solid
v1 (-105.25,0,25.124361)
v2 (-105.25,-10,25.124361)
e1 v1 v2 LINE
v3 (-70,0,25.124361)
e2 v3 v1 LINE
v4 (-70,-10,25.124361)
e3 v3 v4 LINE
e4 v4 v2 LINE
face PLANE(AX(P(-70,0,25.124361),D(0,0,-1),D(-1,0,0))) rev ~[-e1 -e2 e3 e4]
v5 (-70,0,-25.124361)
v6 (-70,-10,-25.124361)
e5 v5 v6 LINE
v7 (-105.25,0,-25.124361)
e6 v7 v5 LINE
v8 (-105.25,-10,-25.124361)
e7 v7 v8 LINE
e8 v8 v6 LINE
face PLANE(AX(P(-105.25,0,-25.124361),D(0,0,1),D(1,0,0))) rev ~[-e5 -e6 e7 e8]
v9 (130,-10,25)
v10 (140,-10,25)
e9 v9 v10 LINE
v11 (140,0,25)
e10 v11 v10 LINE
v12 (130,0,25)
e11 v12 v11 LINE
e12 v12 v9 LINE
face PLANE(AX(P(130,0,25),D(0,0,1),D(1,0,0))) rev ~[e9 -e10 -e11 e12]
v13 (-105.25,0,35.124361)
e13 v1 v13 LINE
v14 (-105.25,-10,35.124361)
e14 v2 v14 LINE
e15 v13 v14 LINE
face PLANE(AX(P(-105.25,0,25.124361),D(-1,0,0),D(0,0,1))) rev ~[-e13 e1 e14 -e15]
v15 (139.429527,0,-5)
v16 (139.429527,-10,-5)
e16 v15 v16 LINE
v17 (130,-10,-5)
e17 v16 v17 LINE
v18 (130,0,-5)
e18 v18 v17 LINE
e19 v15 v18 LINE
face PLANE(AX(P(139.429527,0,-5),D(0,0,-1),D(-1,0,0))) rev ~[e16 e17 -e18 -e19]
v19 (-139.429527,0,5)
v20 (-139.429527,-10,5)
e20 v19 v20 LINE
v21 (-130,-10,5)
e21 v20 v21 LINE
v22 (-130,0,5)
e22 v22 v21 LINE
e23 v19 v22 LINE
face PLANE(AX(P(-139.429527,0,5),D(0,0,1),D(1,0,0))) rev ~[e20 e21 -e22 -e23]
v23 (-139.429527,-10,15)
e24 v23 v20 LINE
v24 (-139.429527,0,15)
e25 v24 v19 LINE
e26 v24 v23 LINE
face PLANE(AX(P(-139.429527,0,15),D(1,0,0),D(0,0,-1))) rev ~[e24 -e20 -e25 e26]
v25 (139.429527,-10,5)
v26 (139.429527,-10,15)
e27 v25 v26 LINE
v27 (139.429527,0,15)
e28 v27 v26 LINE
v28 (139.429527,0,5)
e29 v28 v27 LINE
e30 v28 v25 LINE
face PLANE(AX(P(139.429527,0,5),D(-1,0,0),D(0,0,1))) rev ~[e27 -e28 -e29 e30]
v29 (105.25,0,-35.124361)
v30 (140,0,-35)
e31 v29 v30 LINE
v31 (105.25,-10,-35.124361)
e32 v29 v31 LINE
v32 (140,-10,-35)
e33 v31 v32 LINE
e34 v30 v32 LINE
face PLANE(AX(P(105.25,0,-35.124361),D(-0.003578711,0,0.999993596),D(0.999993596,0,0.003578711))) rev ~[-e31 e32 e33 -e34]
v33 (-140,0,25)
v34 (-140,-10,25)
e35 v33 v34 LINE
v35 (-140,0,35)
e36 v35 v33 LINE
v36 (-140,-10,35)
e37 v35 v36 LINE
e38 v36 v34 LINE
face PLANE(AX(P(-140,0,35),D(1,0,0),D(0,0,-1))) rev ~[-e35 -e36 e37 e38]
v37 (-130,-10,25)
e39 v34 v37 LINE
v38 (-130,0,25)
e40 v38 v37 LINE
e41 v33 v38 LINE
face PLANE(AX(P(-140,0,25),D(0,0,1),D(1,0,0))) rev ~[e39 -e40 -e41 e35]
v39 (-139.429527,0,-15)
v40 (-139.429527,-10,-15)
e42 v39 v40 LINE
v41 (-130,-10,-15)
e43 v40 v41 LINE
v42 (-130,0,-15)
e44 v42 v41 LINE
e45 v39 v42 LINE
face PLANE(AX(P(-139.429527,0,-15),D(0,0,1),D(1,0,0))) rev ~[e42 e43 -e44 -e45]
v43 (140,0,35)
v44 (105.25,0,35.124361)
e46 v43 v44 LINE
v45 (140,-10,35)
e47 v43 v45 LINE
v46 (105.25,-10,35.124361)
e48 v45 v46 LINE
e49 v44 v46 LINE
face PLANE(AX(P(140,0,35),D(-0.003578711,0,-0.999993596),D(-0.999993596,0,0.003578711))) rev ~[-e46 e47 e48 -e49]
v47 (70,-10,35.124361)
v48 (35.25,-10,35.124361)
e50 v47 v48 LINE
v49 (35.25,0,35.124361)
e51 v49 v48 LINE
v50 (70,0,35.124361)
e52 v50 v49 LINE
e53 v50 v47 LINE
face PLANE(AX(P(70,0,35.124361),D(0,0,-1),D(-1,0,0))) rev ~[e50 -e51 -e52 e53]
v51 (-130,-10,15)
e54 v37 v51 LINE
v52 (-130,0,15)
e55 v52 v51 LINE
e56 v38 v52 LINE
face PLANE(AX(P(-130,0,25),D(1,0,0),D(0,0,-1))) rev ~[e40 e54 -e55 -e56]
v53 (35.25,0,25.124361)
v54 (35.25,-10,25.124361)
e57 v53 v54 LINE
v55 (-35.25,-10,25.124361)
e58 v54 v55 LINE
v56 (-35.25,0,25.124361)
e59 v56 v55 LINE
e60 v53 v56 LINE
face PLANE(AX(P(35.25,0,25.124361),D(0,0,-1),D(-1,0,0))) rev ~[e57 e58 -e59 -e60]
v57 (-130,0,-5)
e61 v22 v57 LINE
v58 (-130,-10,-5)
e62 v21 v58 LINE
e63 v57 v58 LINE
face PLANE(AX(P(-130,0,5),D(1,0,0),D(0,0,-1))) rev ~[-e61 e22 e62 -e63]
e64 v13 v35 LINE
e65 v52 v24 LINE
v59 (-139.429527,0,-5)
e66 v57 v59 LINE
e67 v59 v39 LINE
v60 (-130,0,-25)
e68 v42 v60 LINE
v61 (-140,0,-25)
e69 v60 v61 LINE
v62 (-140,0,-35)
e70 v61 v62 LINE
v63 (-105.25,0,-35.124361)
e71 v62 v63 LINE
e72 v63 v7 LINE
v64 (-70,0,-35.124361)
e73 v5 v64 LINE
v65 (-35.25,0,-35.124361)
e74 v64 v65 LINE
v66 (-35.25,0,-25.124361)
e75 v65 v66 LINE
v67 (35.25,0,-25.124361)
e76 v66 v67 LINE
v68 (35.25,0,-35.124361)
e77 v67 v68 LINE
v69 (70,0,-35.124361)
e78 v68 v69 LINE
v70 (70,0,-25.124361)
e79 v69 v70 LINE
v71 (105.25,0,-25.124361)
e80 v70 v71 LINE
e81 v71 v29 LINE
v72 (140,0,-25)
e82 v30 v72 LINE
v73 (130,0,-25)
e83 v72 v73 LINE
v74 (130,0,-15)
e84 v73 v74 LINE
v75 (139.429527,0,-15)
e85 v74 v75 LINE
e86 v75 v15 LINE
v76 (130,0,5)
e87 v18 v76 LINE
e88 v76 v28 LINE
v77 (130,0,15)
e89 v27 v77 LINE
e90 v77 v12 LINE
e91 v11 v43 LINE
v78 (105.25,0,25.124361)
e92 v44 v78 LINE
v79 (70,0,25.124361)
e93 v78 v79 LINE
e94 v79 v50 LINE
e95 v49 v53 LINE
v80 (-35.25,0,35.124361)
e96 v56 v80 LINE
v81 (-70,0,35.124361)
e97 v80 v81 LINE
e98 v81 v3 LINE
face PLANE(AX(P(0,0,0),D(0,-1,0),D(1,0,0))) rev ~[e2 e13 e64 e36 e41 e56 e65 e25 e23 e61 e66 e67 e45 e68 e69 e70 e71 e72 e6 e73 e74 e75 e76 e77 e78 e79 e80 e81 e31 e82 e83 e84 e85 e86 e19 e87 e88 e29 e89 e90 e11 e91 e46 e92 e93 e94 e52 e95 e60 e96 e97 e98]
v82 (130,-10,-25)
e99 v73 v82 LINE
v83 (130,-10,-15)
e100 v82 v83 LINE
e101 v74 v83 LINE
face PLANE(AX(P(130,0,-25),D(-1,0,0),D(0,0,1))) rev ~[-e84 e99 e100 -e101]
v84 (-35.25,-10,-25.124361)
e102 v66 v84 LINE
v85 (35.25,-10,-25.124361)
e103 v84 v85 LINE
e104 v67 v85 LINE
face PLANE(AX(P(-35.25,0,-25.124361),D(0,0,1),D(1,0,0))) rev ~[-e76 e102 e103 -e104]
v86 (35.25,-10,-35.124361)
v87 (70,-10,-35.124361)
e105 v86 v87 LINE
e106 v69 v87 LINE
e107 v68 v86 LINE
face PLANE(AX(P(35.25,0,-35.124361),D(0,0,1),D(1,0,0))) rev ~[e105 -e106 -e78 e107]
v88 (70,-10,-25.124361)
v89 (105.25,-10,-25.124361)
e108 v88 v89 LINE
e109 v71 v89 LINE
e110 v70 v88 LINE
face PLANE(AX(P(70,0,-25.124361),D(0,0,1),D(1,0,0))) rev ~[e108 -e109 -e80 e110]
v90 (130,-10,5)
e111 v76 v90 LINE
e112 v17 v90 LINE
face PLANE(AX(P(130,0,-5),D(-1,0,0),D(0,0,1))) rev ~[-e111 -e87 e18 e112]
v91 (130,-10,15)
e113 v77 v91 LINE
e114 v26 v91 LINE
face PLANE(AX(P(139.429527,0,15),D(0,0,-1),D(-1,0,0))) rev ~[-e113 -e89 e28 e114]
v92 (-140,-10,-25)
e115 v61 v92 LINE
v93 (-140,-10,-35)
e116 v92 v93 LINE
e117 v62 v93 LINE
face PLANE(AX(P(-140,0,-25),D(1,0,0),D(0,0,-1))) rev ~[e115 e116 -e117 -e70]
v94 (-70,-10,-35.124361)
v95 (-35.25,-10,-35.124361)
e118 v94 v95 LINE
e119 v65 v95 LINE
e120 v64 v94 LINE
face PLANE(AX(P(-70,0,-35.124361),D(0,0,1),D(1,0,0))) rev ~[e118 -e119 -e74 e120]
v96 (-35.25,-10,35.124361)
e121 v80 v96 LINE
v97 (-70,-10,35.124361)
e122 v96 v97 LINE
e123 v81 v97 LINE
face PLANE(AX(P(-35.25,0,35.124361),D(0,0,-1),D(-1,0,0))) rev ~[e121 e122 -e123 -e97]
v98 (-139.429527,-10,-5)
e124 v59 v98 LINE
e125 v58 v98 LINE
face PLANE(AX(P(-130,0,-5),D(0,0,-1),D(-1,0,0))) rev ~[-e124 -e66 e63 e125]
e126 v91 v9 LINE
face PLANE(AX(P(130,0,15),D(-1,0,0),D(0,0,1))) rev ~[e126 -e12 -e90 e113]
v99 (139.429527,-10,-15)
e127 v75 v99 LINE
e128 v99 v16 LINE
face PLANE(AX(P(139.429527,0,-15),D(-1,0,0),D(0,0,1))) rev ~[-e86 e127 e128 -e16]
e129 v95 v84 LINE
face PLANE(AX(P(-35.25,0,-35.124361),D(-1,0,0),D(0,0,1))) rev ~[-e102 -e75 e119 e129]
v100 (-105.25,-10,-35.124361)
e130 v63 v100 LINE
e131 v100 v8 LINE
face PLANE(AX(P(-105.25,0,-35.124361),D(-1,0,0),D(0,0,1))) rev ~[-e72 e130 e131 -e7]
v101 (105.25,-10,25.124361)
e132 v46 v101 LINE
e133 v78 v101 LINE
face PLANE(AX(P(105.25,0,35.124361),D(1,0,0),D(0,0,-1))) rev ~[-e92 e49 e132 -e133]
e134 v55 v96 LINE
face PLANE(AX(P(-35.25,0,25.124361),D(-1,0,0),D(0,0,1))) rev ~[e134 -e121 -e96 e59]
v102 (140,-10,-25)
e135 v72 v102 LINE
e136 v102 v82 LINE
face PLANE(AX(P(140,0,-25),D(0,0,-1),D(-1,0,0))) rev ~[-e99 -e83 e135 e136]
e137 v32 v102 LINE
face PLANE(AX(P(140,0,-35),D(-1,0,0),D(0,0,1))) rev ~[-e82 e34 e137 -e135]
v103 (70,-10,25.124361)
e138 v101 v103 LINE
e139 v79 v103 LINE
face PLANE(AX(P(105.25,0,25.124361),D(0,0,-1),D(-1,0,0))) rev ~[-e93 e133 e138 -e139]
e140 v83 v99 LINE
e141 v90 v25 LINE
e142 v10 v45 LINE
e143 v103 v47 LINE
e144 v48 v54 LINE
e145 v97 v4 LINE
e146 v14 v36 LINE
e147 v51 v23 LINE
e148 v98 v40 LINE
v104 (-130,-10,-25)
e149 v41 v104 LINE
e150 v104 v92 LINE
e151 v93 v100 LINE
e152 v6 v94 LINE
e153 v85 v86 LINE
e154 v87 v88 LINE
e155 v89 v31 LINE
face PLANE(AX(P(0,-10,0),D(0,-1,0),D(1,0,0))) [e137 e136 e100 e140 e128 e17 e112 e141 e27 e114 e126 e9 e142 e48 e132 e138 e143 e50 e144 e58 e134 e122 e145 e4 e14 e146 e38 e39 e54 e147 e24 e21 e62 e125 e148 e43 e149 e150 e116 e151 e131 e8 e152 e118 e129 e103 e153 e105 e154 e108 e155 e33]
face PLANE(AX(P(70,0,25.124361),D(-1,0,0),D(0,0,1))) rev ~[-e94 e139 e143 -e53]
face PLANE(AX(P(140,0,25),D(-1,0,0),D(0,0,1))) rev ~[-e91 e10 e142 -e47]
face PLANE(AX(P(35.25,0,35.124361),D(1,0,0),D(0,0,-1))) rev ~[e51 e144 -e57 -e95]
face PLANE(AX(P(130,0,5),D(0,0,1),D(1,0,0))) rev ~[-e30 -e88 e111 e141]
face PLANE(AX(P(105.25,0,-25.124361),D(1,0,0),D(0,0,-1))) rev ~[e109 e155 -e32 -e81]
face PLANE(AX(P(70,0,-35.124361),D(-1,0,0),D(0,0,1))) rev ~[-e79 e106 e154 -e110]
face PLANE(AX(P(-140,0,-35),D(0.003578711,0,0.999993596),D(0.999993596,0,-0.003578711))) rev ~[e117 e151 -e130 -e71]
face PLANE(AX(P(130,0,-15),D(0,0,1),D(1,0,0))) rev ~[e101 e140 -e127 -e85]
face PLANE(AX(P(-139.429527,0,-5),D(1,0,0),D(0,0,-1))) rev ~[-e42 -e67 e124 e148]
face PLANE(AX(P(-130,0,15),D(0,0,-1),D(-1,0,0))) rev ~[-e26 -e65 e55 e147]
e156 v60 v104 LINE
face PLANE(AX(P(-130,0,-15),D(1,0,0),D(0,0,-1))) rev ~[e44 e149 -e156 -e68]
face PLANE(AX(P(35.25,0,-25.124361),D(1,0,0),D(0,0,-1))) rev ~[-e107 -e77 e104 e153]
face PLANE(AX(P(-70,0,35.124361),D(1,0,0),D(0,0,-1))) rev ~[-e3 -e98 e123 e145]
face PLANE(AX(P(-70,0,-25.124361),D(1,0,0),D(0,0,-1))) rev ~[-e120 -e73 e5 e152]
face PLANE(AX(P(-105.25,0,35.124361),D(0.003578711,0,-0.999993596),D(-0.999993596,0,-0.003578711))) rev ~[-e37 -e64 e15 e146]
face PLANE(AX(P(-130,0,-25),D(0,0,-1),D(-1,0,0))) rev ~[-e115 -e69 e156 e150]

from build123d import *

# Parameters (mm, degrees)
F1_DEPTH = 10


with BuildPart() as f1:
    # F0 (on Front) → F1 (new body)
    with BuildSketch(Plane.XZ):
        Polygon((105.25, -35.124361), (140, -35), (140, -25), (130, -25), (130, -15), (139.429527, -15), (139.429527, -5), (130, -5), (130, 5), (139.429527, 5), (139.429527, 15), (130, 15), (130, 25), (140, 25), (140, 35), (105.25, 35.124361), (105.25, 25.124361), (70, 25.124361), (70, 35.124361), (35.25, 35.124361), (35.25, 25.124361), (0, 25.124361), (-35.25, 25.124361), (-35.25, 35.124361), (-70, 35.124361), (-70, 25.124361), (-105.25, 25.124361), (-105.25, 35.124361), (-140, 35), (-140, 25), (-130, 25), (-130, 15), (-139.429527, 15), (-139.429527, 5), (-130, 5), (-130, -5), (-139.429527, -5), (-139.429527, -15), (-130, -15), (-130, -25), (-140, -25), (-140, -35), (-105.25, -35.124361), (-105.25, -25.124361), (-70, -25.124361), (-70, -35.124361), (-35.25, -35.124361), (-35.25, -25.124361), (0, -25.124361), (35.25, -25.124361), (35.25, -35.124361), (70, -35.124361), (70, -25.124361), (105.25, -25.124361), align=None)
    extrude(amount=F1_DEPTH)


solid = f1.part
